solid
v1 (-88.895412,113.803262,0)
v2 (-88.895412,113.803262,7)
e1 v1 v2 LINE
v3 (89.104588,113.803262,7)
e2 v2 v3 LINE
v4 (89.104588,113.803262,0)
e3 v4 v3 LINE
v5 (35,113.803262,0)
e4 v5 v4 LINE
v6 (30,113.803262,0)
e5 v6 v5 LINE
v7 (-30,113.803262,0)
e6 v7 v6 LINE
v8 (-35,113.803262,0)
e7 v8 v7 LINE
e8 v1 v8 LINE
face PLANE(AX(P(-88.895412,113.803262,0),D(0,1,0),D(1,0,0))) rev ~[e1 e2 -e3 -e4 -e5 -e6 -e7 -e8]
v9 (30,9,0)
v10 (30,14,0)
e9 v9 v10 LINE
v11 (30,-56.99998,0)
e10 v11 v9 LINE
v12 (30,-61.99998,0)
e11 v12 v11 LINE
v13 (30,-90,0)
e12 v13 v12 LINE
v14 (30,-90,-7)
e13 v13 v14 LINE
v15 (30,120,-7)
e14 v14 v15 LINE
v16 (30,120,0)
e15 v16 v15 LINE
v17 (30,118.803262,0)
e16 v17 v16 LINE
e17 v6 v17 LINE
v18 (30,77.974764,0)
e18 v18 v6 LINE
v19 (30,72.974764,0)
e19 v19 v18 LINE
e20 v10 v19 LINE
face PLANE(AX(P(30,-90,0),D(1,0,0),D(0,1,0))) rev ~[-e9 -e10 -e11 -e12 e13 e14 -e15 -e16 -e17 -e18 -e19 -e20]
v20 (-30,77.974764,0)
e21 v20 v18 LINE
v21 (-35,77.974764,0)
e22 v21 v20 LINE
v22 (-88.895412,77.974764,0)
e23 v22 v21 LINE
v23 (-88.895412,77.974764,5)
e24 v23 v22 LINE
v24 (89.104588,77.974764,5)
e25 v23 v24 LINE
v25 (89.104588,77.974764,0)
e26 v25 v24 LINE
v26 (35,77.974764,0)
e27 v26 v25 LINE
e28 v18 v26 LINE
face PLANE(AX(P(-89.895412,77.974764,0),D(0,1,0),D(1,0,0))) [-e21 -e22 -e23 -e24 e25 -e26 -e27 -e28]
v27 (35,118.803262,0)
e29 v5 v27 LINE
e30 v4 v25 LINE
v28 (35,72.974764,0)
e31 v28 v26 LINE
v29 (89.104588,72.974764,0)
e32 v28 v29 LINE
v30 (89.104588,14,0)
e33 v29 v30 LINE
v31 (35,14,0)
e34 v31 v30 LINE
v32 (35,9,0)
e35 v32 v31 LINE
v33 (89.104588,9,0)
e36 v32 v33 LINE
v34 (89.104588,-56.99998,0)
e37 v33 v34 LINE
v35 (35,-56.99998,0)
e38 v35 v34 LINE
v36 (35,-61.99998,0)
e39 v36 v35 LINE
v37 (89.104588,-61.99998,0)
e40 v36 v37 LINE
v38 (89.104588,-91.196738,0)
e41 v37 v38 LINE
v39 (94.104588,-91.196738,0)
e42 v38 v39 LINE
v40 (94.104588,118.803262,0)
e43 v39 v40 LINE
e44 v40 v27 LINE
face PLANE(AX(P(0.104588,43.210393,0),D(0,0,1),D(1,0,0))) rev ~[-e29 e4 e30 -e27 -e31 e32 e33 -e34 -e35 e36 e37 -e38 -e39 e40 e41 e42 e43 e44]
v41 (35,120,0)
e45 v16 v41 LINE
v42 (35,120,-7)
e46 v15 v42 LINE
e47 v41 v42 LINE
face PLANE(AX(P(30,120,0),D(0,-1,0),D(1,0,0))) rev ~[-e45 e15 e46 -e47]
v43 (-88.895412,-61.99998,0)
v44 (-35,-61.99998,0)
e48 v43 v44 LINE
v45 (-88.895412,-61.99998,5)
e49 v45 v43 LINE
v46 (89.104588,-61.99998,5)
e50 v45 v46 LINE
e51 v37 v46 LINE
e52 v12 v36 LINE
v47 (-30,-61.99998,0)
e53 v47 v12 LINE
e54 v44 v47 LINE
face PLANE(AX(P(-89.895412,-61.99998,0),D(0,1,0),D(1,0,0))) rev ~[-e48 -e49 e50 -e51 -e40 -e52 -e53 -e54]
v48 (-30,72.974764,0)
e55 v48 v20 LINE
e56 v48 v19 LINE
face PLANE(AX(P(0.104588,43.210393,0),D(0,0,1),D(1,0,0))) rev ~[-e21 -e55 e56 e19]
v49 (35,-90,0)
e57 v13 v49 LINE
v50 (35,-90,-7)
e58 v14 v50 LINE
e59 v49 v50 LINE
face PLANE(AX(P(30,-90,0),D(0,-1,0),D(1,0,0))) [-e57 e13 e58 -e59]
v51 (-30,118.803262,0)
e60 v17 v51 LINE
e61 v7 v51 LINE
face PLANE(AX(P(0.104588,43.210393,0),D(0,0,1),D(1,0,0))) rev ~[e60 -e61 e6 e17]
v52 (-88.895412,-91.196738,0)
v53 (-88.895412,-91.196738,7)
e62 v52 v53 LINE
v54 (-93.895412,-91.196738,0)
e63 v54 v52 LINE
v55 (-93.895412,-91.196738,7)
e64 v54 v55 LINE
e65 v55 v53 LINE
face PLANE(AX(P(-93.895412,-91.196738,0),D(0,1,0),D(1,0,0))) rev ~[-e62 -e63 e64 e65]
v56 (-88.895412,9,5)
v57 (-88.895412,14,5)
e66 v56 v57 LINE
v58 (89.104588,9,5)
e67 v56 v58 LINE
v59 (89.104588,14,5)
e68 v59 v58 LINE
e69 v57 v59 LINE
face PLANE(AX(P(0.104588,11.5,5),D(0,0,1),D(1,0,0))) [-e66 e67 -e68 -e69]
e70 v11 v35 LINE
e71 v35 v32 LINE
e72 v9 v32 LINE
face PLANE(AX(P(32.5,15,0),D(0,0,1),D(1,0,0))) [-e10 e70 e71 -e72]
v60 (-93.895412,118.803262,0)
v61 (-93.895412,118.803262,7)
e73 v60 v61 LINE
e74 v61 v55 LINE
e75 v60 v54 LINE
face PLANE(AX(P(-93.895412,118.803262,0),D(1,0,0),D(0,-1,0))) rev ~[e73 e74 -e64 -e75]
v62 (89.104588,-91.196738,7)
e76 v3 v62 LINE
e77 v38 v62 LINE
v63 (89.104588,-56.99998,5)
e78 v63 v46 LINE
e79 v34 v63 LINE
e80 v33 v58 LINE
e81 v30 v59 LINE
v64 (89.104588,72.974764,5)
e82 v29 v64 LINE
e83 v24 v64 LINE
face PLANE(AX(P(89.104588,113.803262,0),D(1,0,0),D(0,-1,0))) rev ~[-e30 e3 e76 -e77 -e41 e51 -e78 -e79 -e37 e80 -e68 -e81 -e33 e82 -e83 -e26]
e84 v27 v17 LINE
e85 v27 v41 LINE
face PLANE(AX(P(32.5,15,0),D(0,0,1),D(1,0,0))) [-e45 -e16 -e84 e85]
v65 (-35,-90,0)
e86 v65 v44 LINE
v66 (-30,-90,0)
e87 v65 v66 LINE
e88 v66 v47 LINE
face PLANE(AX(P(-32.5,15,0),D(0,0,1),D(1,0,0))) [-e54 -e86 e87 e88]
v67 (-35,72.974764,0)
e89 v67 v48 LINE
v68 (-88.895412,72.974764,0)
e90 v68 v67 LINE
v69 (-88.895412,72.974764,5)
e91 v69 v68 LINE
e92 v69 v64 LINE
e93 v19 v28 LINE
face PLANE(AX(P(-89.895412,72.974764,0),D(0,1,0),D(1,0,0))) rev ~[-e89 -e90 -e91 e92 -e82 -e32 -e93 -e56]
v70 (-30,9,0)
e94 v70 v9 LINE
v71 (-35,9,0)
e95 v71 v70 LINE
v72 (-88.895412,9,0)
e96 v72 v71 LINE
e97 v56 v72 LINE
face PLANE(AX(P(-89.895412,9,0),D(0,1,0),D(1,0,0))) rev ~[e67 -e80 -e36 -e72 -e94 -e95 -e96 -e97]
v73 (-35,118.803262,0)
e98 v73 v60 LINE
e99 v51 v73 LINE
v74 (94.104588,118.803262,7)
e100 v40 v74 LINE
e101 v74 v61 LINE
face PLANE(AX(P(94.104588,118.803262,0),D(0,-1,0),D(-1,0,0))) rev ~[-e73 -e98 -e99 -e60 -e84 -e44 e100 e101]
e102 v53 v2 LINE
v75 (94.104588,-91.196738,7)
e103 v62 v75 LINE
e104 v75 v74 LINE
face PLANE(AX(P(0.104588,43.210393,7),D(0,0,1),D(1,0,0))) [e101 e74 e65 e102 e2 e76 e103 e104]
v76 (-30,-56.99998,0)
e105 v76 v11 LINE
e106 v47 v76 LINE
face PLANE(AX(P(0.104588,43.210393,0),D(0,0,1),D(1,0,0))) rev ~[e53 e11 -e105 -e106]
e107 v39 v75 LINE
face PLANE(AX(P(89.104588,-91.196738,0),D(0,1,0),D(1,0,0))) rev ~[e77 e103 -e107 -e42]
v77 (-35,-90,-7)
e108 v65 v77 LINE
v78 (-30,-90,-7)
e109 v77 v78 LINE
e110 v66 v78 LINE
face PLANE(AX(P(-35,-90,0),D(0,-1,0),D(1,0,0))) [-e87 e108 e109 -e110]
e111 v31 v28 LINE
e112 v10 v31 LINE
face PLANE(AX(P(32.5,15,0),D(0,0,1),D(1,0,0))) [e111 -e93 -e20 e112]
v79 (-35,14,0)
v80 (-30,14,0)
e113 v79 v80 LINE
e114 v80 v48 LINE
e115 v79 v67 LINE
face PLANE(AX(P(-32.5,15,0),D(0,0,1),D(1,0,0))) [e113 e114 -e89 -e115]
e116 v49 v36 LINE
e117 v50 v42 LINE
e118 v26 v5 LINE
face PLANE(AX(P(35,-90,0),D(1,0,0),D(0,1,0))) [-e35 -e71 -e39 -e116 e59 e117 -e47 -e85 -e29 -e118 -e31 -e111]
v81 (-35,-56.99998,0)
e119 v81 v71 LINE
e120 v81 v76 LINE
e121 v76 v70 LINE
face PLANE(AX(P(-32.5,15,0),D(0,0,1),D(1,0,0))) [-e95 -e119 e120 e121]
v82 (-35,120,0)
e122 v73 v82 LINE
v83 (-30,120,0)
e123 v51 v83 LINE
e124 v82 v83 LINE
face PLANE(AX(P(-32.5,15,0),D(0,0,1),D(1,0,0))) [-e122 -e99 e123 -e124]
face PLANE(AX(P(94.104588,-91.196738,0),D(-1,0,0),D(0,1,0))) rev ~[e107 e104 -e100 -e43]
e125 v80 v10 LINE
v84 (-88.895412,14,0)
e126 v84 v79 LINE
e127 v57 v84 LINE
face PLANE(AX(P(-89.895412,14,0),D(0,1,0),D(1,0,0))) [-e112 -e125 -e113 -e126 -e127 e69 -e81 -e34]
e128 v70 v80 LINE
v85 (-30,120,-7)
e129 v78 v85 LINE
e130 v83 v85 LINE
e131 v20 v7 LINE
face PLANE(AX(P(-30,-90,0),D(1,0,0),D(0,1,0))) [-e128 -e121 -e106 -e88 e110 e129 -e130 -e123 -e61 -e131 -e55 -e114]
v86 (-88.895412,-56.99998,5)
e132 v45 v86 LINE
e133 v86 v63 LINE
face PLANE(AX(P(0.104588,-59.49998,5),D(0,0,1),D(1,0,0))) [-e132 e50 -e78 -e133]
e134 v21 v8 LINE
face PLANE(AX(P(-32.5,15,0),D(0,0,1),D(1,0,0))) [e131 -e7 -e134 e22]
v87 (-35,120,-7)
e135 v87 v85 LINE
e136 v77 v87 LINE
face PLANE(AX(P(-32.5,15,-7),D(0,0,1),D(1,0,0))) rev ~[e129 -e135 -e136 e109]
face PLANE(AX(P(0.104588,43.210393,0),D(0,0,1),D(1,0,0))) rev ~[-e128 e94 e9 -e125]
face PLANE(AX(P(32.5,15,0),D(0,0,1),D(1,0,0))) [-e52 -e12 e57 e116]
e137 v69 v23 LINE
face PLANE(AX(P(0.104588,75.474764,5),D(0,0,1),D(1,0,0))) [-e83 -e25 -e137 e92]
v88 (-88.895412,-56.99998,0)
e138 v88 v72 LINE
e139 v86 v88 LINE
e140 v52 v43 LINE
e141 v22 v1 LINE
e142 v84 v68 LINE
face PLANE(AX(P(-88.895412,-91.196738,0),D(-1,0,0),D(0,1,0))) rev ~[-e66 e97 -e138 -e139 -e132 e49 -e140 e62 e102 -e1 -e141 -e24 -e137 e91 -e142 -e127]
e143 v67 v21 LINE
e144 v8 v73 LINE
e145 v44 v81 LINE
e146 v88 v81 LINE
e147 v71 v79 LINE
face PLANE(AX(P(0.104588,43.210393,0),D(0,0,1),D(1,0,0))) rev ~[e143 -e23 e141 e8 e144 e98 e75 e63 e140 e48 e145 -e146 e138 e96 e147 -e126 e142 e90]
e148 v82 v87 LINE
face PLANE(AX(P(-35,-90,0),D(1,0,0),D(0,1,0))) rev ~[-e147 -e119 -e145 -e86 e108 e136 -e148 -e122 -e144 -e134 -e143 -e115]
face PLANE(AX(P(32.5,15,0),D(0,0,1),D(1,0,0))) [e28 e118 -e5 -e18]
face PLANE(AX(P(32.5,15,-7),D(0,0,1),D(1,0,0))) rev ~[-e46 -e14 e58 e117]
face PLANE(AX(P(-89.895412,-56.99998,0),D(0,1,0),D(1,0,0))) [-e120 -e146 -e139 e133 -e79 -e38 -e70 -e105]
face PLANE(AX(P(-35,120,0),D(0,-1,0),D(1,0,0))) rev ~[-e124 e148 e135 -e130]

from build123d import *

# Parameters (mm, degrees)
F1_DEPTH = 7
F2_W     = 180
F2_H     = 5
F3_DEPTH = 5
F4_W     = 5.000001
F4_H     = 210
F4_W_2   = 5
F5_DEPTH = 7


with BuildPart() as f1:
    # F0 (on Top) → F1 (new body)
    with BuildSketch(Plane.XY):
        Polygon((94.104588, 118.803262), (-93.895412, 118.803262), (-93.895412, -91.196738), (-88.895412, -91.196738), (-88.895412, 113.803262), (89.104588, 113.803262), (89.104588, -91.196738), (94.104588, -91.196738), align=None)
    extrude(amount=F1_DEPTH)

    # F2 (on Top) → F3 (join)
    with BuildSketch(Plane.XY):
        with Locations((0.104588, 75.474764)):
            Rectangle(F2_W, F2_H)
        with Locations((0.104588, 11.5)):
            Rectangle(F2_W, F2_H)
        with Locations((0.104588, -59.49998)):
            Rectangle(F2_W, F2_H)
    extrude(amount=F3_DEPTH)

    # F4 (on Top) → F5 (join)
    with BuildSketch(Plane.XY):
        with Locations((-32.5, 15)):
            Rectangle(F4_W, F4_H)
        with Locations((32.5, 15)):
            Rectangle(F4_W_2, F4_H)
    extrude(amount=-F5_DEPTH)


solid = f1.part
